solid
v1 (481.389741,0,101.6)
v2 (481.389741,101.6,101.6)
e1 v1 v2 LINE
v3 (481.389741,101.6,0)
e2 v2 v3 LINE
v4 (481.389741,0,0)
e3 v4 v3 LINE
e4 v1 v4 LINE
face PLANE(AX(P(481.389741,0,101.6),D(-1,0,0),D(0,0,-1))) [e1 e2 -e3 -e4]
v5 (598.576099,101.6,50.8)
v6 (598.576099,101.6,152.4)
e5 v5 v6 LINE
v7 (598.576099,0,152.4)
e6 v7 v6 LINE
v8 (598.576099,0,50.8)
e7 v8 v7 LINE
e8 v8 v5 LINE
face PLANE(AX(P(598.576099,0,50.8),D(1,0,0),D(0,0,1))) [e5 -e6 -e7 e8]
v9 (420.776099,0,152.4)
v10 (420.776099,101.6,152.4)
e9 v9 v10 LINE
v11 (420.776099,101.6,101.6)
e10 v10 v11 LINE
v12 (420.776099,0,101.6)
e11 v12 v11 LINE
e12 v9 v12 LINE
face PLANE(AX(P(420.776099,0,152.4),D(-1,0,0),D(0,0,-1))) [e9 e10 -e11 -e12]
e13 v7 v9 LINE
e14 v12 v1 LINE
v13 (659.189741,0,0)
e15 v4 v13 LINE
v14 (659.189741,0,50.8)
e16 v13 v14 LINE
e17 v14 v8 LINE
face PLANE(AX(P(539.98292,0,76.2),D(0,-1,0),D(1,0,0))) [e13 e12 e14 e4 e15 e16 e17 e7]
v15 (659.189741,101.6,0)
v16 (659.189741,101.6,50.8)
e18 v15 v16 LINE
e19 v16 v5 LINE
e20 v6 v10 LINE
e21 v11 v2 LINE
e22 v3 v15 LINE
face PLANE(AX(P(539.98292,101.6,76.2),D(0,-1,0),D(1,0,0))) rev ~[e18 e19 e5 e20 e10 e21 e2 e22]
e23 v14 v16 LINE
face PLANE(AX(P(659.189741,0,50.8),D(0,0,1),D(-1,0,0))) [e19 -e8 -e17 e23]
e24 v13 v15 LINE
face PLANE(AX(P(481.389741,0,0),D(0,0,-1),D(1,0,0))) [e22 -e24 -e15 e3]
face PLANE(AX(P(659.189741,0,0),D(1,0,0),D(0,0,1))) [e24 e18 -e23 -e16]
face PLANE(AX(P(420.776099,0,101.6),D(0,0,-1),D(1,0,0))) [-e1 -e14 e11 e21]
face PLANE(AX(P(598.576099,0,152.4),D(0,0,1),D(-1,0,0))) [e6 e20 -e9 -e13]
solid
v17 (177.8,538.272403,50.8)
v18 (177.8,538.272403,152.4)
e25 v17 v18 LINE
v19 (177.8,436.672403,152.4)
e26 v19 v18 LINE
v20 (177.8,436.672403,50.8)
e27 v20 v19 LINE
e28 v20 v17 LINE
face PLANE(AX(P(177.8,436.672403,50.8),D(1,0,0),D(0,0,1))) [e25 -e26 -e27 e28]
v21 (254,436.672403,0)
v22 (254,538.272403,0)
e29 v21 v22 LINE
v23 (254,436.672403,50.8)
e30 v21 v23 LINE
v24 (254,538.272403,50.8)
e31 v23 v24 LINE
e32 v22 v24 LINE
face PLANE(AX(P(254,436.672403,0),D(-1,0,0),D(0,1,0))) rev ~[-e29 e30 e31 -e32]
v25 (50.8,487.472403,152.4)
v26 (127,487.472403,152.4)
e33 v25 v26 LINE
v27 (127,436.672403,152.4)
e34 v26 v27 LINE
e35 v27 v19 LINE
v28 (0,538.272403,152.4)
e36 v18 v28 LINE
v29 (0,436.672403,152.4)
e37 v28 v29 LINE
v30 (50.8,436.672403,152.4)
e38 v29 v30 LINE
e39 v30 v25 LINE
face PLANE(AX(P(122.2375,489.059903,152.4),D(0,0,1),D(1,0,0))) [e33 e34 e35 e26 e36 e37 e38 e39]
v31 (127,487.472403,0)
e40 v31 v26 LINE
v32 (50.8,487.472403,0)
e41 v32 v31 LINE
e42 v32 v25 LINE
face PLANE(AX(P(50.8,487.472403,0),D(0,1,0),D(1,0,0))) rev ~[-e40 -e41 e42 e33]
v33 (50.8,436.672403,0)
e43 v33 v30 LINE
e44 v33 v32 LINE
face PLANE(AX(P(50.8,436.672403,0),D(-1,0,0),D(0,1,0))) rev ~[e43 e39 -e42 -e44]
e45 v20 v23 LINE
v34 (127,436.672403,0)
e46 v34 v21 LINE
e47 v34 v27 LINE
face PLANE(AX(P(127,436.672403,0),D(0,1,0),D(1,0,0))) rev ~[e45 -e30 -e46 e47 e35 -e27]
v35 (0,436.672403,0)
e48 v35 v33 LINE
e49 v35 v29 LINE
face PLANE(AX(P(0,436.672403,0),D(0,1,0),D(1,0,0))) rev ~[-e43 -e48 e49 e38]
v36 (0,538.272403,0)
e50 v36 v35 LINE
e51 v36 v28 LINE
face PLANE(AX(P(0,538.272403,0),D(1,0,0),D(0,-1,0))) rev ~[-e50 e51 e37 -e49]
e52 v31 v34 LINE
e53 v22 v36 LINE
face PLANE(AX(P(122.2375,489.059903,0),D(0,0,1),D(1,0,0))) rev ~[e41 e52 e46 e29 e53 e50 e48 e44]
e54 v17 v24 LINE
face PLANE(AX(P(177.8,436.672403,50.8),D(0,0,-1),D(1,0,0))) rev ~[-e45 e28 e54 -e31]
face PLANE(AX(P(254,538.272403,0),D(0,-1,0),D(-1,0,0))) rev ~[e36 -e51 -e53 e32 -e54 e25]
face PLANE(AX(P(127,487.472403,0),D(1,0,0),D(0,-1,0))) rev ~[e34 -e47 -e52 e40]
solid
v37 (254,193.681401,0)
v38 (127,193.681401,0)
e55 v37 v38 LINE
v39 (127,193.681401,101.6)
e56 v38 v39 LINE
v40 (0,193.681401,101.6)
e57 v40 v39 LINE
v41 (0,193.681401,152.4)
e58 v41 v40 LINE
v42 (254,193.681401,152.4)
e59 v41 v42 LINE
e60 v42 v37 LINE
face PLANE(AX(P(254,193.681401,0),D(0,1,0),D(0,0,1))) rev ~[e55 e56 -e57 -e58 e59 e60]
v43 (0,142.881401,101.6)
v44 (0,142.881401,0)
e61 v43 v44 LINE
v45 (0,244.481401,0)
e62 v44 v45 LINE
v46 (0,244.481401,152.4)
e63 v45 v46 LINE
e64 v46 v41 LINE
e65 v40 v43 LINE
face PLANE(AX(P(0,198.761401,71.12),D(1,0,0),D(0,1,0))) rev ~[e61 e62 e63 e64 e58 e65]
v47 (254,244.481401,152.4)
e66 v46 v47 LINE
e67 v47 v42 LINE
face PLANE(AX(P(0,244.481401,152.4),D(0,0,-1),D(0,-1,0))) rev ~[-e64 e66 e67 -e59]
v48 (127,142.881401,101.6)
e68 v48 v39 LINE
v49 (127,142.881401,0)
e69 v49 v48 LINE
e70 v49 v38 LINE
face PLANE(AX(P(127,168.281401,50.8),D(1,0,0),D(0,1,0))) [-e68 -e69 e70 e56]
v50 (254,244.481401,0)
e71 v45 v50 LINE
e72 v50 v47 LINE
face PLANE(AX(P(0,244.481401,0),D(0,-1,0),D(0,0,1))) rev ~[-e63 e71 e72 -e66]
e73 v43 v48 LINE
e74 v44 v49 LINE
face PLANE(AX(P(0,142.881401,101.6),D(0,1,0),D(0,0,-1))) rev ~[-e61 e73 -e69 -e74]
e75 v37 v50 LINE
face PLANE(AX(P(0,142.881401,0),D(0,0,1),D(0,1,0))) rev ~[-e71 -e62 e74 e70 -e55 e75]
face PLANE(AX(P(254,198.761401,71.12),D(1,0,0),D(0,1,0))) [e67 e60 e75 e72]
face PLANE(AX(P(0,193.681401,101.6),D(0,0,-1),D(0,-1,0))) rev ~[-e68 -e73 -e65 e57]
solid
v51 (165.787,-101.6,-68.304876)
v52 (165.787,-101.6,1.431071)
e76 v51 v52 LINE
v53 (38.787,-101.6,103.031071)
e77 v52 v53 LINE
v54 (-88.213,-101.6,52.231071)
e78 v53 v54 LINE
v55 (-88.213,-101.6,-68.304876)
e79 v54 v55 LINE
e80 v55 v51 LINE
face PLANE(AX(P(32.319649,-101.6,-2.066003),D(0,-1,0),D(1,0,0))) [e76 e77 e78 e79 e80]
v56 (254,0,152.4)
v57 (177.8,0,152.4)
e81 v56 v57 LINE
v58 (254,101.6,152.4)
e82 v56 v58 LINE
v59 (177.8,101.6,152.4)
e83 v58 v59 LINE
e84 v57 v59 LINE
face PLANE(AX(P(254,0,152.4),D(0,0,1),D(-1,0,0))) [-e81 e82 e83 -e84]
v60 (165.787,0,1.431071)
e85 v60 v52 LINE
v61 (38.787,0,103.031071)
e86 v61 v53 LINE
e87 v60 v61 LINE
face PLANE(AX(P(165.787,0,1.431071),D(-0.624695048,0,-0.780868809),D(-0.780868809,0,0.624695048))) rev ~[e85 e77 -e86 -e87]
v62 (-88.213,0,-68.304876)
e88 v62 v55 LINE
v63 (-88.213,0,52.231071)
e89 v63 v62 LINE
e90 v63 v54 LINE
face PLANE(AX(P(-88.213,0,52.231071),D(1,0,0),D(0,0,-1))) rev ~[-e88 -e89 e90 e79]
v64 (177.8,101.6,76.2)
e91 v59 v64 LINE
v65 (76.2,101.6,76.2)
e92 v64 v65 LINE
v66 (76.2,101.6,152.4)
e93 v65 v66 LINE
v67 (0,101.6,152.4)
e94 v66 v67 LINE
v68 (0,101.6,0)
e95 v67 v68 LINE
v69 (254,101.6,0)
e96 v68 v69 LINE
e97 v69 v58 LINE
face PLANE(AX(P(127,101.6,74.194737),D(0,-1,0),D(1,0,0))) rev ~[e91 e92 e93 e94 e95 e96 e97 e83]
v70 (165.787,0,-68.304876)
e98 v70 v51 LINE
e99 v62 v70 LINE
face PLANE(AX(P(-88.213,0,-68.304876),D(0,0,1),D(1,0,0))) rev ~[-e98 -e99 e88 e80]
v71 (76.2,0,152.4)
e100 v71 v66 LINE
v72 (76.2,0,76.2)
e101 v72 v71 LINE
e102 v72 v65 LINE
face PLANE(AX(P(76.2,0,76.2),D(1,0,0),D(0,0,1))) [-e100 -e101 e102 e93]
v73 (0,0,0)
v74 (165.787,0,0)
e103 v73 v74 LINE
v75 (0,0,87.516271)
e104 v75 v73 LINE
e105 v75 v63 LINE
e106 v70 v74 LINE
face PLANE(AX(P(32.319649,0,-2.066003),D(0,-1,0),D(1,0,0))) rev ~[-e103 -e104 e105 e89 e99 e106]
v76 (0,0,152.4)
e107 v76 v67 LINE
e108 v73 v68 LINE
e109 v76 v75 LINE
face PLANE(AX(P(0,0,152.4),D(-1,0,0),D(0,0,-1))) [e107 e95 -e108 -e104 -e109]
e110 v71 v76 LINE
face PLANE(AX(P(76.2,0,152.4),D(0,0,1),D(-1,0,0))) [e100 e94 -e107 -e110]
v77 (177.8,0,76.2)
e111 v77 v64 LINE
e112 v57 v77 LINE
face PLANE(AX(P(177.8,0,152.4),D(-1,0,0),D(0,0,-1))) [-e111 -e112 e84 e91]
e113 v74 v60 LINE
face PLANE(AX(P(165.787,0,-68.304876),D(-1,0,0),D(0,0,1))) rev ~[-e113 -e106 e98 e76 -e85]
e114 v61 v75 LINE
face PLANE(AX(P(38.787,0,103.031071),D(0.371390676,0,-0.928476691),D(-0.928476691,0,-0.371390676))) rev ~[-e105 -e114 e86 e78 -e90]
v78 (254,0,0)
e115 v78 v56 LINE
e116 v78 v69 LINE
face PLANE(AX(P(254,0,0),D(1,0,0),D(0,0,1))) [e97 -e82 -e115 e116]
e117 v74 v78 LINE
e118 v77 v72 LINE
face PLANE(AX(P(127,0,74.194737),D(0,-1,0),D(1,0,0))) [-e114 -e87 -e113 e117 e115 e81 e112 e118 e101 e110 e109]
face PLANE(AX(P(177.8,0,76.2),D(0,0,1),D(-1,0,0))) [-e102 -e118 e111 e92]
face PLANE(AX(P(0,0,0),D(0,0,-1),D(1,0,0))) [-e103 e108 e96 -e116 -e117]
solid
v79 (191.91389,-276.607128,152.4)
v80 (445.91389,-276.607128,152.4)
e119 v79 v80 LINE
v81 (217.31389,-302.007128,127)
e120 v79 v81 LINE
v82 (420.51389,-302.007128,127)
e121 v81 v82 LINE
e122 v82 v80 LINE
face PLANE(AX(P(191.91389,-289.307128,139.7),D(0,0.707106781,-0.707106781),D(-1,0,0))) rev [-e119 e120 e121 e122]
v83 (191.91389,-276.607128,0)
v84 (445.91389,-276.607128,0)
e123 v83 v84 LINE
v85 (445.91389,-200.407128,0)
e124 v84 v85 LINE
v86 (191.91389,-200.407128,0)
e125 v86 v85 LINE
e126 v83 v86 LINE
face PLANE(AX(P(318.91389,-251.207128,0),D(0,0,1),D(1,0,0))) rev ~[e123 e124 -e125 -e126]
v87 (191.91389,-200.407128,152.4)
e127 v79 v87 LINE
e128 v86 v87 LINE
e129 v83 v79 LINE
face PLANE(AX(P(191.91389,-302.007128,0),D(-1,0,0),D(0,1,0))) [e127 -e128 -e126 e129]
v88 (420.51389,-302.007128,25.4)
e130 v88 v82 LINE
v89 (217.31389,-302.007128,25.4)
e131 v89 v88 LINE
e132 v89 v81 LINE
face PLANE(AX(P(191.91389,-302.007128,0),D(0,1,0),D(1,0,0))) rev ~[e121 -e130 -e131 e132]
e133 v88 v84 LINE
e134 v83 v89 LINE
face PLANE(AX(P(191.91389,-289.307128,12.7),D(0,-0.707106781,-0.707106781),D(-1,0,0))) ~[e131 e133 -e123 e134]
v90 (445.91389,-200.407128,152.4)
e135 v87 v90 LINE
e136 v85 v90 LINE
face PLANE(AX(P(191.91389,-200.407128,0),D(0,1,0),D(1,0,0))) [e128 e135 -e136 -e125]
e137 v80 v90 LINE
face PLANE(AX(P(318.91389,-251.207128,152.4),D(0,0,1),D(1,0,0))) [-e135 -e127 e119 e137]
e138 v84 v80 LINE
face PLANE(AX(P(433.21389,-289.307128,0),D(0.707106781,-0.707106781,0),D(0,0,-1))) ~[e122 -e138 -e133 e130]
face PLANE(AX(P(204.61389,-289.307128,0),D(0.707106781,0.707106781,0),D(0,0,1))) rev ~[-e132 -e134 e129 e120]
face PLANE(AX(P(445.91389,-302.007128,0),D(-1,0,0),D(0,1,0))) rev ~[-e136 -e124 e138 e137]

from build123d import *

# Parameters (mm, degrees)
F1_DEPTH  = 101.6
F3_DEPTH  = 254
F4_W      = 50.8
F4_H      = 101.6
F5_DEPTH  = 127
F7_DEPTH  = 152.4
F9_W      = 76.2
F9_H      = 101.6
F10_DEPTH = 101.6
F12_DEPTH = 101.6
F14_DEPTH = 101.6
F15_W     = 254
F15_H     = 101.6
F16_DEPTH = 152.4
F17_SIZE  = 25.4


with BuildPart() as f1:
    # F0 (on Front) → F1 (new body)
    with BuildSketch(Plane.XZ):
        Polygon((0, 152.4), (0, 0), (254, 0), (254, 152.4), (177.8, 152.4), (177.8, 76.2), (76.2, 76.2), (76.2, 152.4), align=None)
    extrude(amount=-F1_DEPTH)

    # F13 (on Front) → F14 (join)
    with BuildSketch(Plane.XZ):
        Polygon((-88.213, 52.231071), (-88.213, -68.304876), (165.787, -68.304876), (165.787, 1.431071), (38.787, 103.031071), align=None)
    extrude(amount=F14_DEPTH)


with BuildPart() as f3:
    # F2 (on Right) → F3 (new body)
    with BuildSketch(Plane.YZ):
        Polygon((142.881401, 0), (170.590496, 0), (244.481401, 0), (244.481401, 152.4), (193.681401, 152.4), (193.681401, 101.6), (142.881401, 101.6), align=None)
    extrude(amount=F3_DEPTH)

    # F4 (on face) → F5 (cut)
    with BuildSketch(Plane.YZ.offset(254)):
        with Locations((168.281401, 50.8)):
            Rectangle(F4_W, F4_H)
    extrude(amount=-F5_DEPTH, mode=Mode.SUBTRACT)


with BuildPart() as f7:
    # F6 (on Top) → F7 (new body)
    with BuildSketch(Plane.XY):
        Polygon((0, 538.272403), (0, 436.672403), (50.8, 436.672403), (50.8, 487.472403), (127, 487.472403), (127, 436.672403), (254, 436.672403), (254, 538.272403), align=None)
    extrude(amount=F7_DEPTH)

    # F9 (on face) → F10 (cut)
    with BuildSketch(Plane.XZ.offset(-436.672403)):
        with Locations((215.9, 101.6)):
            Rectangle(F9_W, F9_H)
    extrude(amount=-F10_DEPTH, mode=Mode.SUBTRACT)


with BuildPart() as f12:
    # F11 (on Front) → F12 (new body)
    with BuildSketch(Plane.XZ):
        Polygon((481.389741, 101.6), (481.389741, 0), (659.189741, 0), (659.189741, 50.8), (598.576099, 50.8), (598.576099, 152.4), (420.776099, 152.4), (420.776099, 101.6), align=None)
    extrude(amount=-F12_DEPTH)


with BuildPart() as f16:
    # F15 (on Top) → F16 (new body)
    with BuildSketch(Plane.XY):
        with Locations((318.91389, -251.207128)):
            Rectangle(F15_W, F15_H)
    extrude(amount=F16_DEPTH)

    # F17
    f17_edges = [f16.edges().sort_by_distance(p)[0] for p in [
        (191.91389, -302.007128, 76.2),
        (445.91389, -302.007128, 76.2),
        (318.91389, -302.007128, 0),
        (318.91389, -302.007128, 152.4),
    ]]
    chamfer(f17_edges, length=F17_SIZE)


solid = Compound([f1.part, f3.part, f7.part, f12.part, f16.part])
